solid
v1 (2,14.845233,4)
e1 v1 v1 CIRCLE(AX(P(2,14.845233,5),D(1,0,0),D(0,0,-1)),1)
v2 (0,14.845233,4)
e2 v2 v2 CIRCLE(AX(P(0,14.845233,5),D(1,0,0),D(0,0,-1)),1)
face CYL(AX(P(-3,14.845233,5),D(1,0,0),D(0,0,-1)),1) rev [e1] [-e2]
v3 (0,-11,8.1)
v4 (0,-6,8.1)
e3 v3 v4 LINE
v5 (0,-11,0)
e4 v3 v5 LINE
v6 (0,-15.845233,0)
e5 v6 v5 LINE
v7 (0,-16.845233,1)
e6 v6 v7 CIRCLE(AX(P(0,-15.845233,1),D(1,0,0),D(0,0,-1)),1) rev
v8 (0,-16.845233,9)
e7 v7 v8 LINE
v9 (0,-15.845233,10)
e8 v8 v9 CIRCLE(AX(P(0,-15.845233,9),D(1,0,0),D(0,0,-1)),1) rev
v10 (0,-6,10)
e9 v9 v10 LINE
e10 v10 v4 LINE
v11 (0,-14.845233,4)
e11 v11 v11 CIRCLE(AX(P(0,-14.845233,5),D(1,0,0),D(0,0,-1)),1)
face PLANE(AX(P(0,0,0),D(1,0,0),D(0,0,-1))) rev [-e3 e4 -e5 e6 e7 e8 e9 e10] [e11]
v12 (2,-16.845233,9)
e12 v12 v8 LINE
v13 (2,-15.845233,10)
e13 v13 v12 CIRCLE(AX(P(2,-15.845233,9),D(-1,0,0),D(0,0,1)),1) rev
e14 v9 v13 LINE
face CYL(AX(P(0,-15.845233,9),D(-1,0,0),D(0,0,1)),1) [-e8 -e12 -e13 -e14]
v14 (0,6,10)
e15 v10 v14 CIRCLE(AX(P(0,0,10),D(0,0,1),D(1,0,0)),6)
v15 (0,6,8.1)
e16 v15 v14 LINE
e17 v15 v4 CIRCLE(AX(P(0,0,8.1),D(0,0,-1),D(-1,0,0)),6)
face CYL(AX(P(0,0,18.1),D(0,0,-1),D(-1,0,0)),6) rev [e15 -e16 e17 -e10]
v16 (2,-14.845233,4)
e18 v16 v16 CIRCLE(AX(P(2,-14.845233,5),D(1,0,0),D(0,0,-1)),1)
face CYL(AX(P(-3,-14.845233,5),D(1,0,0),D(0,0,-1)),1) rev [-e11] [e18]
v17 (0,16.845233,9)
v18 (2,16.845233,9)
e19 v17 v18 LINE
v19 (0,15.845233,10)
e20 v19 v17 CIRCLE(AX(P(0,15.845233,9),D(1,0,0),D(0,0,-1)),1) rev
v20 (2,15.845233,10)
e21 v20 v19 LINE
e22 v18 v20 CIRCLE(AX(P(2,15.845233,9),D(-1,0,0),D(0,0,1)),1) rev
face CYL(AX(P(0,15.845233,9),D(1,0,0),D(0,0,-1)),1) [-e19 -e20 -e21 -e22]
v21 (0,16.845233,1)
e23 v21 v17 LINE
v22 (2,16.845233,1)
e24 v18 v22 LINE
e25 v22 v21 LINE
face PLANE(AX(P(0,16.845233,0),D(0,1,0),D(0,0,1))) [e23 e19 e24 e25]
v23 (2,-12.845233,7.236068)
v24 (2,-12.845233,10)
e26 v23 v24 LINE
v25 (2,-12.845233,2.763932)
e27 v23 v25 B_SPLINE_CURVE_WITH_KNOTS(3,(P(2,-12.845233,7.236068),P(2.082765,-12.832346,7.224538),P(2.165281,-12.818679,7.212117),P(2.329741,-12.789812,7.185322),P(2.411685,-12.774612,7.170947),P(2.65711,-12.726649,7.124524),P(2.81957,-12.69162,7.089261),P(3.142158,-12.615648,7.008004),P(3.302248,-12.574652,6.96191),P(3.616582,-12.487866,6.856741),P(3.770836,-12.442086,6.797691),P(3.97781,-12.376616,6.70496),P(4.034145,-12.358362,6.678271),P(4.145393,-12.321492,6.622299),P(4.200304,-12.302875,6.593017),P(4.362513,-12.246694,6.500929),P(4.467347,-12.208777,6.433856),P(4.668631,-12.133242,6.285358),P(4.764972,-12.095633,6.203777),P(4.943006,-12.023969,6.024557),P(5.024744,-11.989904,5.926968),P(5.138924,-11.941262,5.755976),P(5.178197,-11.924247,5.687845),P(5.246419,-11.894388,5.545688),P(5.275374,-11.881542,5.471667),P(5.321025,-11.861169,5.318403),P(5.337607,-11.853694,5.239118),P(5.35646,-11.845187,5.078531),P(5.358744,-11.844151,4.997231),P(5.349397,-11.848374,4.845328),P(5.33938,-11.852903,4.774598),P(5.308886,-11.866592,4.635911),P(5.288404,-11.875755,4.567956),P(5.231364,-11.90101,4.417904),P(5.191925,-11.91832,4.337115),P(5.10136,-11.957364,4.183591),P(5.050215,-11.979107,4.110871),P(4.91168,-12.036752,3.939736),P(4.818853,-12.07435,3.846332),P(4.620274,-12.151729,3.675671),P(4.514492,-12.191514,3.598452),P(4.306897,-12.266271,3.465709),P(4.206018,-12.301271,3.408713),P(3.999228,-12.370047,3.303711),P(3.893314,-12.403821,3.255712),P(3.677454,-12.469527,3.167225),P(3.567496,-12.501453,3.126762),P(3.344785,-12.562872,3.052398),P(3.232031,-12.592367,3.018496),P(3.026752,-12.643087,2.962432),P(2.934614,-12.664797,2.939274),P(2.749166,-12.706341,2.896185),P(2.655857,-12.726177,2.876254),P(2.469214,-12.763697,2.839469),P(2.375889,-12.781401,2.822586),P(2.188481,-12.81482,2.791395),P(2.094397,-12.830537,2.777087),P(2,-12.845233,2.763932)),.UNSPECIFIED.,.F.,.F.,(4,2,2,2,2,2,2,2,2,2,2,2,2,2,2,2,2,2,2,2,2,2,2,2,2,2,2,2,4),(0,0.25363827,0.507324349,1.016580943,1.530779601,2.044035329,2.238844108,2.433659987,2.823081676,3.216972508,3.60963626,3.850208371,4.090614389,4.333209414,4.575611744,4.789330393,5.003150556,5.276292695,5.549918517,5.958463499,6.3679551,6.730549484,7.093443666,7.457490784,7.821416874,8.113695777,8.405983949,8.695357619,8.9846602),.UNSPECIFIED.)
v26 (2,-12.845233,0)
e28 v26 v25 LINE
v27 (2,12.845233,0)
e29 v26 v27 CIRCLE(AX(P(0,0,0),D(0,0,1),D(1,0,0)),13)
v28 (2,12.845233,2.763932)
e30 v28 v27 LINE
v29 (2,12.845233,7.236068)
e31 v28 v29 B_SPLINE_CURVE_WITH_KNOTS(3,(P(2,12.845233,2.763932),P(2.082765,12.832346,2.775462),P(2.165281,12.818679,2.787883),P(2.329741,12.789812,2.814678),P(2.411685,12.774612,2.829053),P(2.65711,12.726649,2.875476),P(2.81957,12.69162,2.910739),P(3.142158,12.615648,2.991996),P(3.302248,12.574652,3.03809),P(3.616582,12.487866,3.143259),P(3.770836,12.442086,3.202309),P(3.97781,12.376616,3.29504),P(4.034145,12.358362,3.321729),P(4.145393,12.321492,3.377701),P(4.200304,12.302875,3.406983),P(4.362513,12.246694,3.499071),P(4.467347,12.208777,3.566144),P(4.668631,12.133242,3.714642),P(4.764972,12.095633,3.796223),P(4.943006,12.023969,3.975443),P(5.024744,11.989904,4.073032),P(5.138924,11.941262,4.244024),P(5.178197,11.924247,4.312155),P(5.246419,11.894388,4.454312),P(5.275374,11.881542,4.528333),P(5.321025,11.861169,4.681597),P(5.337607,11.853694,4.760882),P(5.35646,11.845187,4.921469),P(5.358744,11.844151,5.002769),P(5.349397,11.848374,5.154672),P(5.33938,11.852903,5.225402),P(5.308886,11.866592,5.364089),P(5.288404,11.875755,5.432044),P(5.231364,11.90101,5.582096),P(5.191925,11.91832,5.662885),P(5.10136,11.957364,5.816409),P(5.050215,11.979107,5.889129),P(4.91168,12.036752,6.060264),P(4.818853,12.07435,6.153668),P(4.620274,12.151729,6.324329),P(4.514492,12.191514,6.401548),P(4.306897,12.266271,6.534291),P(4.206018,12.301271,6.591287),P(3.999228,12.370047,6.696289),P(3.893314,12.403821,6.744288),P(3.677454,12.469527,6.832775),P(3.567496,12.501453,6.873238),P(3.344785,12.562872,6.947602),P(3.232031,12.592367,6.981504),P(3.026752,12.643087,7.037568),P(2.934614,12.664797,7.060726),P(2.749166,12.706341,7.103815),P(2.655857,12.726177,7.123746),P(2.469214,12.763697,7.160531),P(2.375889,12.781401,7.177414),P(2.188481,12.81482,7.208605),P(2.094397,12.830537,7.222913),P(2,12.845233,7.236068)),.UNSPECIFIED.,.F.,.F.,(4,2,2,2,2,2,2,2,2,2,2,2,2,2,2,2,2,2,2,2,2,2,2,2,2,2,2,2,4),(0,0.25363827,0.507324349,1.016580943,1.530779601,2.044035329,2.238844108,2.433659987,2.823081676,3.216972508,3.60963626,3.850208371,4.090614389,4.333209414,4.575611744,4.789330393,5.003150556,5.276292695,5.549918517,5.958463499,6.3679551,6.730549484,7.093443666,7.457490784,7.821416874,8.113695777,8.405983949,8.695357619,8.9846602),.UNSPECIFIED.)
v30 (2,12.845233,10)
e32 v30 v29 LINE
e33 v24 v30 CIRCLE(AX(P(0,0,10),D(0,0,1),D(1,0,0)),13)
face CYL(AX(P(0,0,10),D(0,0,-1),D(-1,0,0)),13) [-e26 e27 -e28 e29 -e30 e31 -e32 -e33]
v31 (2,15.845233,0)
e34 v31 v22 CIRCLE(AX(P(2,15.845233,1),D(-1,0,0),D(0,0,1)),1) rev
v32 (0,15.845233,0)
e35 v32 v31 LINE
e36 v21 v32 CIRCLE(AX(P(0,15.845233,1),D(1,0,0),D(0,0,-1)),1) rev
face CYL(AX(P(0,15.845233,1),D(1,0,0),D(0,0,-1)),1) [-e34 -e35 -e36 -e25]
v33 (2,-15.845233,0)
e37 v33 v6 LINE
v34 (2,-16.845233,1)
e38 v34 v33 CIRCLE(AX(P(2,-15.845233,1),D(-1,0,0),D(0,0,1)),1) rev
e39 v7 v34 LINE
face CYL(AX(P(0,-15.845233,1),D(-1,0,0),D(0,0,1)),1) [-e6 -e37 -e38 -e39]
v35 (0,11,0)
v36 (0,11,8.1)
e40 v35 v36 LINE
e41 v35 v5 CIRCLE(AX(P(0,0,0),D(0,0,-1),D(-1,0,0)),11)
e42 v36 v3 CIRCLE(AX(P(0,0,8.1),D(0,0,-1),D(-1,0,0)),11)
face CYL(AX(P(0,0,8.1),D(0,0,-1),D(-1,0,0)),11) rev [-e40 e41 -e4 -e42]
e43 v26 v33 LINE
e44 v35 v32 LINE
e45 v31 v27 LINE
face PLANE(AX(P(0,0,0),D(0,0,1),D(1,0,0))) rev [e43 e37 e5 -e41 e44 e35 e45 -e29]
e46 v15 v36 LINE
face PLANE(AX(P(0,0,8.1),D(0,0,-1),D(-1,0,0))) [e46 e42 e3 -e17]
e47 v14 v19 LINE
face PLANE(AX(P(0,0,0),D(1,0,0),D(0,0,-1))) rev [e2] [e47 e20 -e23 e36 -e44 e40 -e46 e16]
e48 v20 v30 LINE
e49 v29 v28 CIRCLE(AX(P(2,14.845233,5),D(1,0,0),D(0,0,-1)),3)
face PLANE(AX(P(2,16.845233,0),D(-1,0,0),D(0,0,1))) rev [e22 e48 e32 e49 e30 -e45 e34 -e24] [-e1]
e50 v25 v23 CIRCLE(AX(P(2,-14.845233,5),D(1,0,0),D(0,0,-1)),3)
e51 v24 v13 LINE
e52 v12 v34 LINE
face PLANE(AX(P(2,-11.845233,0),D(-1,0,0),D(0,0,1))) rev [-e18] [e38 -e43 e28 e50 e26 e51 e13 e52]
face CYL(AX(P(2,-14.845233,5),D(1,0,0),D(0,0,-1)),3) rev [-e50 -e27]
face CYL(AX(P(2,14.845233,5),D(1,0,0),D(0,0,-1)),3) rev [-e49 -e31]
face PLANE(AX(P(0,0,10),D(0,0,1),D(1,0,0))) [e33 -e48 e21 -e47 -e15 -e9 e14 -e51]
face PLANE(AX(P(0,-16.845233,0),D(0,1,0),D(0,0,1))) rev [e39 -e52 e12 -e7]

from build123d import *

# Parameters (mm, degrees)
SKETCH1_R           = 13
BOSS_EXTRUDE1_DEPTH = 10
CUT_EXTRUDE1_DEPTH  = 10
SKETCH4_R           = 11
CUT_EXTRUDE2_DEPTH  = 8.1
BOSS_EXTRUDE2_START = 11.845233
SKETCH5_W           = 2
SKETCH5_H           = 10
BOSS_EXTRUDE2_DEPTH = 5
BOSS_EXTRUDE3_START = -16.845233
SKETCH5_2_W         = 2
SKETCH5_2_H         = 10
BOSS_EXTRUDE3_DEPTH = 5
SKETCH6_R           = 1
CUT_EXTRUDE3_DEPTH  = 5
SKETCH7_R           = 1
CUT_EXTRUDE4_DEPTH  = 5
SKETCH8_R           = 6
CUT_EXTRUDE5_DEPTH  = 10
CUT_EXTRUDE6_START  = 10
SKETCH9_R           = 3
CUT_EXTRUDE6_DEPTH  = 8
CUT_EXTRUDE7_START  = 10
SKETCH10_R          = 3
CUT_EXTRUDE7_DEPTH  = 8
FILLET1_R           = 1
FILLET2_R           = 1
FILLET3_R           = 1
FILLET4_R           = 1


with BuildPart() as part:
    # Sketch1 → Boss-Extrude1 (new body)
    with BuildSketch(Plane.XY):
        Circle(SKETCH1_R)
    extrude(amount=BOSS_EXTRUDE1_DEPTH)

    # Sketch2 → Cut-Extrude1 (cut)
    with BuildSketch(Plane.XY.offset(10)):
        Polygon((0, 0), (0, -13.849459762), (-21.443242854, -13.849459762), (-21.443242854, 14.185204241), (0, 14.185204241), align=None)
    extrude(amount=-CUT_EXTRUDE1_DEPTH, mode=Mode.SUBTRACT)

    # Sketch4 → Cut-Extrude2 (cut)
    with BuildSketch(Plane(origin=(0, 0, 0), x_dir=(-1, 0, 0), z_dir=(0, 0, -1))):
        Circle(SKETCH4_R)
    extrude(amount=-CUT_EXTRUDE2_DEPTH, mode=Mode.SUBTRACT)

    # Sketch5 → Boss-Extrude2 (add)
    with BuildSketch(Plane(origin=(0, 0, 0), x_dir=(1, 0, 0), z_dir=(0, 1, 0)).offset(BOSS_EXTRUDE2_START)):
        with Locations((1, -5)):
            Rectangle(SKETCH5_W, SKETCH5_H)
    extrude(amount=BOSS_EXTRUDE2_DEPTH)

    # Sketch5<2> → Boss-Extrude3 (add)
    with BuildSketch(Plane(origin=(0, 0, 0), x_dir=(1, 0, 0), z_dir=(0, 1, 0)).offset(BOSS_EXTRUDE3_START)):
        with Locations((1, -5)):
            Rectangle(SKETCH5_2_W, SKETCH5_2_H)
    extrude(amount=BOSS_EXTRUDE3_DEPTH)

    # Sketch6 → Cut-Extrude3 (cut)
    with BuildSketch(Plane(origin=(2, 0, 0), x_dir=(0, 0, -1), z_dir=(1, 0, 0))):
        with Locations((-5, 14.845233)):
            Circle(SKETCH6_R)
    extrude(amount=-CUT_EXTRUDE3_DEPTH, mode=Mode.SUBTRACT)

    # Sketch7 → Cut-Extrude4 (cut)
    with BuildSketch(Plane(origin=(2, 0, 0), x_dir=(0, 0, -1), z_dir=(1, 0, 0))):
        with Locations((-5, -14.845233)):
            Circle(SKETCH7_R)
    extrude(amount=-CUT_EXTRUDE4_DEPTH, mode=Mode.SUBTRACT)

    # Sketch8 → Cut-Extrude5 (cut)
    with BuildSketch(Plane(origin=(0, 0, 8.1), x_dir=(-1, 0, 0), z_dir=(0, 0, -1))):
        Circle(SKETCH8_R)
    extrude(amount=-CUT_EXTRUDE5_DEPTH, mode=Mode.SUBTRACT)

    # Sketch9 → Cut-Extrude6 (cut)
    with BuildSketch(Plane(origin=(0, 0, 0), x_dir=(0, 0, -1), z_dir=(1, 0, 0)).offset(CUT_EXTRUDE6_START)):
        with Locations((-5, 14.845233)):
            Circle(SKETCH9_R)
    extrude(amount=-CUT_EXTRUDE6_DEPTH, mode=Mode.SUBTRACT)

    # Sketch10 → Cut-Extrude7 (cut)
    with BuildSketch(Plane(origin=(0, 0, 0), x_dir=(0, 0, -1), z_dir=(1, 0, 0)).offset(CUT_EXTRUDE7_START)):
        with Locations((-5, -14.845233)):
            Circle(SKETCH10_R)
    extrude(amount=-CUT_EXTRUDE7_DEPTH, mode=Mode.SUBTRACT)

    # Fillet1
    fillet1_edges = [part.edges().sort_by_distance(p)[0] for p in [
        (1, -16.845233, 0),
    ]]
    fillet(fillet1_edges, radius=FILLET1_R)

    # Fillet2
    fillet2_edges = [part.edges().sort_by_distance(p)[0] for p in [
        (1, 16.845233, 0),
    ]]
    fillet(fillet2_edges, radius=FILLET2_R)

    # Fillet3
    fillet3_edges = [part.edges().sort_by_distance(p)[0] for p in [
        (1, 16.845233, 10),
    ]]
    fillet(fillet3_edges, radius=FILLET3_R)

    # Fillet4
    fillet4_edges = [part.edges().sort_by_distance(p)[0] for p in [
        (1, -16.845233, 10),
    ]]
    fillet(fillet4_edges, radius=FILLET4_R)


solid = part.part
